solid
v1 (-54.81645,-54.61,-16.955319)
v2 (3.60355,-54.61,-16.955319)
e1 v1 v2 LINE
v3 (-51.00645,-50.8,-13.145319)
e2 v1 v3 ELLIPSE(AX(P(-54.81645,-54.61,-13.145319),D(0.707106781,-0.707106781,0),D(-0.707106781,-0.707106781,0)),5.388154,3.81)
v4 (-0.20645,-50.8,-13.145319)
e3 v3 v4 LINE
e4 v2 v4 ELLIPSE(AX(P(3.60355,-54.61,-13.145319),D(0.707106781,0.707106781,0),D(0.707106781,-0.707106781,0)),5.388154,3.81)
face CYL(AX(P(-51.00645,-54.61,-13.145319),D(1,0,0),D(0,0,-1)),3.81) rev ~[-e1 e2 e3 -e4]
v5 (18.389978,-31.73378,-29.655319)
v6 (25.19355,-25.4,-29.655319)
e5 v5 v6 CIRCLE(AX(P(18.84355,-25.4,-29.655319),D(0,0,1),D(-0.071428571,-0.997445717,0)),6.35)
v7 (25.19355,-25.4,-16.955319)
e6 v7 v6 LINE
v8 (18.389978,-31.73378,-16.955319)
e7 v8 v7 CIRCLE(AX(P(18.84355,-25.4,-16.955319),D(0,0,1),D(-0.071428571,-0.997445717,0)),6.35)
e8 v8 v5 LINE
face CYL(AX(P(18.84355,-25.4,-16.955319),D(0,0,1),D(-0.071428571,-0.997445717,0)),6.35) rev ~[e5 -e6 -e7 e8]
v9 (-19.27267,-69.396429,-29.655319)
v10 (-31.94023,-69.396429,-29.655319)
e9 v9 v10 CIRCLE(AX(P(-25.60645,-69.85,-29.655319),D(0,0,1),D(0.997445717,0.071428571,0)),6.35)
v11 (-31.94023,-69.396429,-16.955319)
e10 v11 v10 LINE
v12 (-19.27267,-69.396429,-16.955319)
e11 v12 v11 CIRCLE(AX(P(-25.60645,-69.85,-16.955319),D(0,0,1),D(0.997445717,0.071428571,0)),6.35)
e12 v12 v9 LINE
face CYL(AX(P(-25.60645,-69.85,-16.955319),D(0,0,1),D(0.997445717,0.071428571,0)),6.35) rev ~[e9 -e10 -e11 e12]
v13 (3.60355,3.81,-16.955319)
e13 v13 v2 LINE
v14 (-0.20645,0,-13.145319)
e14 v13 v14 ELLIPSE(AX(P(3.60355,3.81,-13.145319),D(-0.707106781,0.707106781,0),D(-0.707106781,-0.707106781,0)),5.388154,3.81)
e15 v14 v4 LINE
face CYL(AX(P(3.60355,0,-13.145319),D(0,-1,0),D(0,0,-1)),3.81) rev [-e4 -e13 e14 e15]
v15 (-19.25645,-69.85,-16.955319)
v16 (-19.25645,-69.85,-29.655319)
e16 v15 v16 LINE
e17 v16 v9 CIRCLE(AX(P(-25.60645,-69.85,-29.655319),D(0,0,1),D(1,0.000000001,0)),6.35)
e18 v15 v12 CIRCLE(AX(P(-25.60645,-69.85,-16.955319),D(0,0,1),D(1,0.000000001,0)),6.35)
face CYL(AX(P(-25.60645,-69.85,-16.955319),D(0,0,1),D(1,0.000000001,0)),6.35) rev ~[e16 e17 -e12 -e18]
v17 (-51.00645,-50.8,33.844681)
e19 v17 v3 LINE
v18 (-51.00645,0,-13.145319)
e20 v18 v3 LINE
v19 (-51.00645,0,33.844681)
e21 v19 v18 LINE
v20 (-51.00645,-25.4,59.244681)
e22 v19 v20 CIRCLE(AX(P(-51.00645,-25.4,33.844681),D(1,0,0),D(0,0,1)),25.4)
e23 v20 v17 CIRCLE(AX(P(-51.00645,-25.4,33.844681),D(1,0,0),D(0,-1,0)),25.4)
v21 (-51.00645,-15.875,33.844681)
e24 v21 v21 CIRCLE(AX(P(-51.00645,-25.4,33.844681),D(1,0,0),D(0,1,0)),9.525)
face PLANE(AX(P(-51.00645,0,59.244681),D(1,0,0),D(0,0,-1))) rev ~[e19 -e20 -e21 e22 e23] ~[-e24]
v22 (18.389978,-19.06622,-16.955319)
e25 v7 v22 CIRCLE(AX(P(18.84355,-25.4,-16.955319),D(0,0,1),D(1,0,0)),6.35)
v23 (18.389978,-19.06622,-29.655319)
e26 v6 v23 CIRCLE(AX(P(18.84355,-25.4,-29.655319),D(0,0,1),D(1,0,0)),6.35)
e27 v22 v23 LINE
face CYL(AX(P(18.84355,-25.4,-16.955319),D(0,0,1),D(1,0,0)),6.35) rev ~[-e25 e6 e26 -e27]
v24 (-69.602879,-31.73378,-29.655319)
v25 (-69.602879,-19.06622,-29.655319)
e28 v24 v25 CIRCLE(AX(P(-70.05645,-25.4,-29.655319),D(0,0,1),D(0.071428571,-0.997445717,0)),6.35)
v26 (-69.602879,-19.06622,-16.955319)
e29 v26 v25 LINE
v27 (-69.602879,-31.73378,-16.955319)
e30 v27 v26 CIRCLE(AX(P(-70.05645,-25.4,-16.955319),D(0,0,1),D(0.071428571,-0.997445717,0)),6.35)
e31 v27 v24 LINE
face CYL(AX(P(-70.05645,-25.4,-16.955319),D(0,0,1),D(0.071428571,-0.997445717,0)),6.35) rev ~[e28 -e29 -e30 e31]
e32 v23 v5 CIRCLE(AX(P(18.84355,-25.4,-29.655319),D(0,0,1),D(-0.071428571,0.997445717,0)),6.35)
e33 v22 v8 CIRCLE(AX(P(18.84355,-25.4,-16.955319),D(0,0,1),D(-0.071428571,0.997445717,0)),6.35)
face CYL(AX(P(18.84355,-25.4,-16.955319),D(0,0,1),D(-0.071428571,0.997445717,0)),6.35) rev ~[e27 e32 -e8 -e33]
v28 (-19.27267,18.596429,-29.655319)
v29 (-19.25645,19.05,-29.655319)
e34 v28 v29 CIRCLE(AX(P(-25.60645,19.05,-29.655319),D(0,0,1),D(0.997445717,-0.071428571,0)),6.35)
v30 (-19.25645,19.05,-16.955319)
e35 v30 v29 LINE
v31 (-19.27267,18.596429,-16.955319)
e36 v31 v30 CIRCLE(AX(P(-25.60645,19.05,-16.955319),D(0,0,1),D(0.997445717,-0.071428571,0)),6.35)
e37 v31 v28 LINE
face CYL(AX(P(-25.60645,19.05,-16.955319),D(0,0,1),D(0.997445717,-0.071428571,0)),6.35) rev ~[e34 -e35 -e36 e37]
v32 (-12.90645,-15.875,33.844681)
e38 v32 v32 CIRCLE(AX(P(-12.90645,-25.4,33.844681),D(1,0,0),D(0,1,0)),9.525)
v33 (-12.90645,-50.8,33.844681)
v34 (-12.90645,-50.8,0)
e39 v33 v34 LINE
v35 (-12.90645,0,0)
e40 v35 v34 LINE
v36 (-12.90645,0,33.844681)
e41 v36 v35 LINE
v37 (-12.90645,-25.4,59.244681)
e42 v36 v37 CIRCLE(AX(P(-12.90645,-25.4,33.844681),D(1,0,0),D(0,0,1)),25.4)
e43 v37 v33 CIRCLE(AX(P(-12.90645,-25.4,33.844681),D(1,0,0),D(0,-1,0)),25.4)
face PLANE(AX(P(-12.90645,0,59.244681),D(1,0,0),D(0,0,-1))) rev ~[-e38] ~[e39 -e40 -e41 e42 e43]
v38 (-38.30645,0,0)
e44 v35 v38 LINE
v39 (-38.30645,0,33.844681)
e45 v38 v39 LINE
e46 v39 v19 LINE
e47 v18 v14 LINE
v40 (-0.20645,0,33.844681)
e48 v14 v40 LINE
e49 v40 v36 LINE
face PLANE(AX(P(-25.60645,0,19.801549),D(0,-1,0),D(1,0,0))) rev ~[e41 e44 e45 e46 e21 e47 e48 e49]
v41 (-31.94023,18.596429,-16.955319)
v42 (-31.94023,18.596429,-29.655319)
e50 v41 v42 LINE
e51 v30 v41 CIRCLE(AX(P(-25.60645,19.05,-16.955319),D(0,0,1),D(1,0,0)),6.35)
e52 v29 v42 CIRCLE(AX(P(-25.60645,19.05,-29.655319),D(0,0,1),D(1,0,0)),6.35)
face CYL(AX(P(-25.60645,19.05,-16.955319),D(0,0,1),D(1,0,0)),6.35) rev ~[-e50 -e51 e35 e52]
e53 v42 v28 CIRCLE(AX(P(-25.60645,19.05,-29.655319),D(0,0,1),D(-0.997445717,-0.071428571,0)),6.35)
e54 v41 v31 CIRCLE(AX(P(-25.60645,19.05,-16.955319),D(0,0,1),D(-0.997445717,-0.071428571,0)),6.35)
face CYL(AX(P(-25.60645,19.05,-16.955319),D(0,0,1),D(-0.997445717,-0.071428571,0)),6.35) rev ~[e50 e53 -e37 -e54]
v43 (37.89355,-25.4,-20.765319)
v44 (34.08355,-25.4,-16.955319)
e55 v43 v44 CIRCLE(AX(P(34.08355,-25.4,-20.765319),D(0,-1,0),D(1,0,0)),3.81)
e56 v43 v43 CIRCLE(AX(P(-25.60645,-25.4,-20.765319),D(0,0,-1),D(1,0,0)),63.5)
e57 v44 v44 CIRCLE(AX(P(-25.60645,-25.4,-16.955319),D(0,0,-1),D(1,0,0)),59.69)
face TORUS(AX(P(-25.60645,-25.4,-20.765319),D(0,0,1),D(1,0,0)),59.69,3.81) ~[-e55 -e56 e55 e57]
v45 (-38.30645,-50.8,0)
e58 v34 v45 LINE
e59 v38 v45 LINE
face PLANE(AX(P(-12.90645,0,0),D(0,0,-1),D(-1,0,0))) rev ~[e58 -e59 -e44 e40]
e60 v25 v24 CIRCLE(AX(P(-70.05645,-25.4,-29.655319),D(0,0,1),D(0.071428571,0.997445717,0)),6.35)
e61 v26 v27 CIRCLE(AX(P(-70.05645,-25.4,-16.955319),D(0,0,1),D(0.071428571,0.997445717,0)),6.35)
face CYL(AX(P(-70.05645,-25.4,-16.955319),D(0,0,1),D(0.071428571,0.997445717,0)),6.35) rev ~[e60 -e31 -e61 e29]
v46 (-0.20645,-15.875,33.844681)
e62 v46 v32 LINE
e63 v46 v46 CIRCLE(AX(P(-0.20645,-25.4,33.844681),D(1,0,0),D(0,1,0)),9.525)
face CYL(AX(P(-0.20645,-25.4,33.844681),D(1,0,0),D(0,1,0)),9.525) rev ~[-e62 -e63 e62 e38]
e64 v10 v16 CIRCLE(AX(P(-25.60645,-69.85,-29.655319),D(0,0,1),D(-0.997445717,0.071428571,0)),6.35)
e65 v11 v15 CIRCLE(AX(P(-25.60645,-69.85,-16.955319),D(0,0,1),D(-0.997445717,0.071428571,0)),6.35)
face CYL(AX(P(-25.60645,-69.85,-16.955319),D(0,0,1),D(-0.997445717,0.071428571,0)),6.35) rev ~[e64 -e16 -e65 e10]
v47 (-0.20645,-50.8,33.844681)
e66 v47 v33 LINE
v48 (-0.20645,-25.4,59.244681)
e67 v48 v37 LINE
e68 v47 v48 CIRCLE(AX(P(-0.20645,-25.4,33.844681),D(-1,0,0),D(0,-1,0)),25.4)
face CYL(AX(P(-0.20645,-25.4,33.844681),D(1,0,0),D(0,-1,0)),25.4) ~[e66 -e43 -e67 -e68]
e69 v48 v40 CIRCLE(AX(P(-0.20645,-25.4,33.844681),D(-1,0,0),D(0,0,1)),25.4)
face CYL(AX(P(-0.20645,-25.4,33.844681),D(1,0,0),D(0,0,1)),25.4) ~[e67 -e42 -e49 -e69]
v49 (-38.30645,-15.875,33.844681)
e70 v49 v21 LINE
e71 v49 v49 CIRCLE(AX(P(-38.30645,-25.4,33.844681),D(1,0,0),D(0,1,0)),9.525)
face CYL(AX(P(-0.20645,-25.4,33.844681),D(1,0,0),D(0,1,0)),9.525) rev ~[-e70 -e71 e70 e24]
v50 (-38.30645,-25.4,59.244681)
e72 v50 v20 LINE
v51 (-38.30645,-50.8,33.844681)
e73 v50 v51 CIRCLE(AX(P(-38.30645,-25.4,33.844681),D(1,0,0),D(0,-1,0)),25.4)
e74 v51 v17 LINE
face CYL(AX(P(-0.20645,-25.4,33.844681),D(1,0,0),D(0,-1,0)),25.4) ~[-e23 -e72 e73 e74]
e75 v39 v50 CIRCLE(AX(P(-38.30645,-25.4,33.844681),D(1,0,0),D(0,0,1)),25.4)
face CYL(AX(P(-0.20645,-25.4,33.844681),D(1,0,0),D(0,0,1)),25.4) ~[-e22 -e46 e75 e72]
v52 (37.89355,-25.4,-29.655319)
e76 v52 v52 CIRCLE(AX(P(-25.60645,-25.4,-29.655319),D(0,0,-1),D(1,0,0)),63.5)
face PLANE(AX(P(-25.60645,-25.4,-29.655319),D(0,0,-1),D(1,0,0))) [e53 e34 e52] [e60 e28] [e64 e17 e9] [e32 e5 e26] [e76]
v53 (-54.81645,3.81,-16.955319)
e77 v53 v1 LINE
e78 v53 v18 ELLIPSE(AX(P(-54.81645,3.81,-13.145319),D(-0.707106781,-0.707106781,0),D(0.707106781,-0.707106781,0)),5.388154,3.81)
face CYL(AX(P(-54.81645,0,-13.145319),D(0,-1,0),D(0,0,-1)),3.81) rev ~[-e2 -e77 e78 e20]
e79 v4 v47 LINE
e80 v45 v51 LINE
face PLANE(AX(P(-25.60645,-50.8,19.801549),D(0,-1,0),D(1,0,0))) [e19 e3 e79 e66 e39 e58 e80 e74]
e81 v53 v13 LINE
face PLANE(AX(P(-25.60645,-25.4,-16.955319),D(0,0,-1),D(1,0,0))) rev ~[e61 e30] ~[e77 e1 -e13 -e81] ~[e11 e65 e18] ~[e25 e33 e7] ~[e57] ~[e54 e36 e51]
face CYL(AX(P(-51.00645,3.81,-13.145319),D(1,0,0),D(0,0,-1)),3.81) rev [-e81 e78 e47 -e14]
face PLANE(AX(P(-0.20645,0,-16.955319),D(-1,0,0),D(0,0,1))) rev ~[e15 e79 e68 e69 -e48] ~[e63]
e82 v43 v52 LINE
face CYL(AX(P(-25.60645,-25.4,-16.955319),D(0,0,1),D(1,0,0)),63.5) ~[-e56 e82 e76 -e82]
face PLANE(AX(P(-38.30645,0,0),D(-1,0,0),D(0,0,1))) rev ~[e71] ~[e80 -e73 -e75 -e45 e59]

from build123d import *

# Parameters (mm, degrees)
F1_DEPTH = 50.8
F3_DEPTH = 50.801
F4_R     = 9.525
F5_DEPTH = 50.801
F6_R     = 63.5
F6_W     = 50.8
F6_H     = 50.8
F7_DEPTH = 12.7
F8_R     = 3.81


with BuildPart() as f1:
    # F0 (on Front) → F1 (new body)
    with BuildSketch(Plane.XZ):
        Polygon((-38.3064501607, 0), (-38.3064501607, 59.24468064), (-51.0064501607, 59.24468064), (-51.0064501607, -16.95531936), (-0.2064501607, -16.95531936), (-0.2064501607, 59.24468064), (-12.9064501607, 59.24468064), (-12.9064501607, 0), align=None)
    extrude(amount=F1_DEPTH)

    # F2 (on face) → F3 (cut, through all)
    with BuildSketch(Plane.YZ.offset(-0.2064501607)):
        with BuildLine():
            ThreePointArc((-50.8, 33.84468064), (-43.3605122421, 51.8051928821), (-25.4, 59.24468064))
            Line((-25.4, 59.24468064), (-50.8, 59.24468064))
            Line((-50.8, 59.24468064), (-50.8, 33.84468064))
        make_face()
        with BuildLine():
            ThreePointArc((-25.4, 59.24468064), (-7.4394877579, 51.8051928821), (0, 33.84468064))
            Line((0, 33.84468064), (0, 59.24468064))
            Line((0, 59.24468064), (-25.4, 59.24468064))
        make_face()
    extrude(amount=-F3_DEPTH, mode=Mode.SUBTRACT)

    # F4 (on face) → F5 (cut, through all)
    with BuildSketch(Plane.YZ.offset(-0.2064501607)):
        with Locations((-25.4, 33.84468064)):
            Circle(F4_R)
    extrude(amount=-F5_DEPTH, mode=Mode.SUBTRACT)

    # F6 (on face) → F7 (join)
    with BuildSketch(Plane(origin=(0, 0, -16.95531936), x_dir=(1, 0, 0), z_dir=(0, 0, -1))):
        with Locations((-25.6064501607, 25.4)):
            Circle(F6_R)
        with BuildLine():
            ThreePointArc((-19.2726698552, 69.3964285714), (5.824446263, 56.8308964237), (18.3899784107, 31.7337803056))
            ThreePointArc((18.3899784107, 31.7337803056), (23.1703455028, 30.0477240974), (25.1935498393, 25.4))
            ThreePointArc((25.1935498393, 25.4), (23.1703455028, 20.7522759026), (18.3899784107, 19.0662196944))
            ThreePointArc((18.3899784107, 19.0662196944), (5.824446263, -6.0308964237), (-19.2726698552, -18.5964285714))
            ThreePointArc((-19.2726698552, -18.5964285714), (-19.2605063799, -18.8230693282), (-19.2564501607, -19.05))
            ThreePointArc((-19.2564501607, -19.05), (-25.8333808326, -25.3959437809), (-31.9402304663, -18.5964285714))
            ThreePointArc((-31.9402304663, -18.5964285714), (-57.0373465845, -6.0308964237), (-69.6028787322, 19.0662196944))
            ThreePointArc((-69.6028787322, 19.0662196944), (-76.4064501607, 25.4), (-69.6028787322, 31.7337803056))
            ThreePointArc((-69.6028787322, 31.7337803056), (-57.0373465845, 56.8308964237), (-31.9402304663, 69.3964285714))
            ThreePointArc((-31.9402304663, 69.3964285714), (-25.8333808326, 76.1959437809), (-19.2564501607, 69.85))
            ThreePointArc((-19.2564501607, 69.85), (-19.2605063799, 69.6230693282), (-19.2726698552, 69.3964285714))
        make_face(mode=Mode.SUBTRACT)
        with BuildLine():
            ThreePointArc((18.3899784107, 19.0662196944), (12.4935498393, 25.4), (18.3899784107, 31.7337803056))
            ThreePointArc((18.3899784107, 31.7337803056), (5.824446263, 56.8308964237), (-19.2726698552, 69.3964285714))
            ThreePointArc((-19.2726698552, 69.3964285714), (-25.6064501607, 63.5), (-31.9402304663, 69.3964285714))
            ThreePointArc((-31.9402304663, 69.3964285714), (-57.0373465845, 56.8308964237), (-69.6028787322, 31.7337803056))
            ThreePointArc((-69.6028787322, 31.7337803056), (-65.4087260633, 29.7267956636), (-63.7064501607, 25.4))
            ThreePointArc((-63.7064501607, 25.4), (-65.4087260633, 21.0732043364), (-69.6028787322, 19.0662196944))
            ThreePointArc((-69.6028787322, 19.0662196944), (-57.0373465845, -6.0308964237), (-31.9402304663, -18.5964285714))
            ThreePointArc((-31.9402304663, -18.5964285714), (-25.6064501607, -12.7), (-19.2726698552, -18.5964285714))
            ThreePointArc((-19.2726698552, -18.5964285714), (5.824446263, -6.0308964237), (18.3899784107, 19.0662196944))
        make_face()
        with Locations((-25.6064501607, 25.4)):
            Rectangle(F6_W, F6_H, mode=Mode.SUBTRACT)
        with Locations((-25.6064501607, 25.4)):
            Rectangle(F6_W, F6_H)
    extrude(amount=F7_DEPTH)

    # F8
    f8_edges = [f1.edges().sort_by_distance(p)[0] for p in [
        (-51.00645, -25.4, -16.955319),
        (-25.60645, -50.8, -16.955319),
        (-0.20645, -25.4, -16.955319),
        (-25.60645, 0, -16.955319),
        (-89.10645, -25.4, -16.955319),
    ]]
    fillet(f8_edges, radius=F8_R)


solid = f1.part
